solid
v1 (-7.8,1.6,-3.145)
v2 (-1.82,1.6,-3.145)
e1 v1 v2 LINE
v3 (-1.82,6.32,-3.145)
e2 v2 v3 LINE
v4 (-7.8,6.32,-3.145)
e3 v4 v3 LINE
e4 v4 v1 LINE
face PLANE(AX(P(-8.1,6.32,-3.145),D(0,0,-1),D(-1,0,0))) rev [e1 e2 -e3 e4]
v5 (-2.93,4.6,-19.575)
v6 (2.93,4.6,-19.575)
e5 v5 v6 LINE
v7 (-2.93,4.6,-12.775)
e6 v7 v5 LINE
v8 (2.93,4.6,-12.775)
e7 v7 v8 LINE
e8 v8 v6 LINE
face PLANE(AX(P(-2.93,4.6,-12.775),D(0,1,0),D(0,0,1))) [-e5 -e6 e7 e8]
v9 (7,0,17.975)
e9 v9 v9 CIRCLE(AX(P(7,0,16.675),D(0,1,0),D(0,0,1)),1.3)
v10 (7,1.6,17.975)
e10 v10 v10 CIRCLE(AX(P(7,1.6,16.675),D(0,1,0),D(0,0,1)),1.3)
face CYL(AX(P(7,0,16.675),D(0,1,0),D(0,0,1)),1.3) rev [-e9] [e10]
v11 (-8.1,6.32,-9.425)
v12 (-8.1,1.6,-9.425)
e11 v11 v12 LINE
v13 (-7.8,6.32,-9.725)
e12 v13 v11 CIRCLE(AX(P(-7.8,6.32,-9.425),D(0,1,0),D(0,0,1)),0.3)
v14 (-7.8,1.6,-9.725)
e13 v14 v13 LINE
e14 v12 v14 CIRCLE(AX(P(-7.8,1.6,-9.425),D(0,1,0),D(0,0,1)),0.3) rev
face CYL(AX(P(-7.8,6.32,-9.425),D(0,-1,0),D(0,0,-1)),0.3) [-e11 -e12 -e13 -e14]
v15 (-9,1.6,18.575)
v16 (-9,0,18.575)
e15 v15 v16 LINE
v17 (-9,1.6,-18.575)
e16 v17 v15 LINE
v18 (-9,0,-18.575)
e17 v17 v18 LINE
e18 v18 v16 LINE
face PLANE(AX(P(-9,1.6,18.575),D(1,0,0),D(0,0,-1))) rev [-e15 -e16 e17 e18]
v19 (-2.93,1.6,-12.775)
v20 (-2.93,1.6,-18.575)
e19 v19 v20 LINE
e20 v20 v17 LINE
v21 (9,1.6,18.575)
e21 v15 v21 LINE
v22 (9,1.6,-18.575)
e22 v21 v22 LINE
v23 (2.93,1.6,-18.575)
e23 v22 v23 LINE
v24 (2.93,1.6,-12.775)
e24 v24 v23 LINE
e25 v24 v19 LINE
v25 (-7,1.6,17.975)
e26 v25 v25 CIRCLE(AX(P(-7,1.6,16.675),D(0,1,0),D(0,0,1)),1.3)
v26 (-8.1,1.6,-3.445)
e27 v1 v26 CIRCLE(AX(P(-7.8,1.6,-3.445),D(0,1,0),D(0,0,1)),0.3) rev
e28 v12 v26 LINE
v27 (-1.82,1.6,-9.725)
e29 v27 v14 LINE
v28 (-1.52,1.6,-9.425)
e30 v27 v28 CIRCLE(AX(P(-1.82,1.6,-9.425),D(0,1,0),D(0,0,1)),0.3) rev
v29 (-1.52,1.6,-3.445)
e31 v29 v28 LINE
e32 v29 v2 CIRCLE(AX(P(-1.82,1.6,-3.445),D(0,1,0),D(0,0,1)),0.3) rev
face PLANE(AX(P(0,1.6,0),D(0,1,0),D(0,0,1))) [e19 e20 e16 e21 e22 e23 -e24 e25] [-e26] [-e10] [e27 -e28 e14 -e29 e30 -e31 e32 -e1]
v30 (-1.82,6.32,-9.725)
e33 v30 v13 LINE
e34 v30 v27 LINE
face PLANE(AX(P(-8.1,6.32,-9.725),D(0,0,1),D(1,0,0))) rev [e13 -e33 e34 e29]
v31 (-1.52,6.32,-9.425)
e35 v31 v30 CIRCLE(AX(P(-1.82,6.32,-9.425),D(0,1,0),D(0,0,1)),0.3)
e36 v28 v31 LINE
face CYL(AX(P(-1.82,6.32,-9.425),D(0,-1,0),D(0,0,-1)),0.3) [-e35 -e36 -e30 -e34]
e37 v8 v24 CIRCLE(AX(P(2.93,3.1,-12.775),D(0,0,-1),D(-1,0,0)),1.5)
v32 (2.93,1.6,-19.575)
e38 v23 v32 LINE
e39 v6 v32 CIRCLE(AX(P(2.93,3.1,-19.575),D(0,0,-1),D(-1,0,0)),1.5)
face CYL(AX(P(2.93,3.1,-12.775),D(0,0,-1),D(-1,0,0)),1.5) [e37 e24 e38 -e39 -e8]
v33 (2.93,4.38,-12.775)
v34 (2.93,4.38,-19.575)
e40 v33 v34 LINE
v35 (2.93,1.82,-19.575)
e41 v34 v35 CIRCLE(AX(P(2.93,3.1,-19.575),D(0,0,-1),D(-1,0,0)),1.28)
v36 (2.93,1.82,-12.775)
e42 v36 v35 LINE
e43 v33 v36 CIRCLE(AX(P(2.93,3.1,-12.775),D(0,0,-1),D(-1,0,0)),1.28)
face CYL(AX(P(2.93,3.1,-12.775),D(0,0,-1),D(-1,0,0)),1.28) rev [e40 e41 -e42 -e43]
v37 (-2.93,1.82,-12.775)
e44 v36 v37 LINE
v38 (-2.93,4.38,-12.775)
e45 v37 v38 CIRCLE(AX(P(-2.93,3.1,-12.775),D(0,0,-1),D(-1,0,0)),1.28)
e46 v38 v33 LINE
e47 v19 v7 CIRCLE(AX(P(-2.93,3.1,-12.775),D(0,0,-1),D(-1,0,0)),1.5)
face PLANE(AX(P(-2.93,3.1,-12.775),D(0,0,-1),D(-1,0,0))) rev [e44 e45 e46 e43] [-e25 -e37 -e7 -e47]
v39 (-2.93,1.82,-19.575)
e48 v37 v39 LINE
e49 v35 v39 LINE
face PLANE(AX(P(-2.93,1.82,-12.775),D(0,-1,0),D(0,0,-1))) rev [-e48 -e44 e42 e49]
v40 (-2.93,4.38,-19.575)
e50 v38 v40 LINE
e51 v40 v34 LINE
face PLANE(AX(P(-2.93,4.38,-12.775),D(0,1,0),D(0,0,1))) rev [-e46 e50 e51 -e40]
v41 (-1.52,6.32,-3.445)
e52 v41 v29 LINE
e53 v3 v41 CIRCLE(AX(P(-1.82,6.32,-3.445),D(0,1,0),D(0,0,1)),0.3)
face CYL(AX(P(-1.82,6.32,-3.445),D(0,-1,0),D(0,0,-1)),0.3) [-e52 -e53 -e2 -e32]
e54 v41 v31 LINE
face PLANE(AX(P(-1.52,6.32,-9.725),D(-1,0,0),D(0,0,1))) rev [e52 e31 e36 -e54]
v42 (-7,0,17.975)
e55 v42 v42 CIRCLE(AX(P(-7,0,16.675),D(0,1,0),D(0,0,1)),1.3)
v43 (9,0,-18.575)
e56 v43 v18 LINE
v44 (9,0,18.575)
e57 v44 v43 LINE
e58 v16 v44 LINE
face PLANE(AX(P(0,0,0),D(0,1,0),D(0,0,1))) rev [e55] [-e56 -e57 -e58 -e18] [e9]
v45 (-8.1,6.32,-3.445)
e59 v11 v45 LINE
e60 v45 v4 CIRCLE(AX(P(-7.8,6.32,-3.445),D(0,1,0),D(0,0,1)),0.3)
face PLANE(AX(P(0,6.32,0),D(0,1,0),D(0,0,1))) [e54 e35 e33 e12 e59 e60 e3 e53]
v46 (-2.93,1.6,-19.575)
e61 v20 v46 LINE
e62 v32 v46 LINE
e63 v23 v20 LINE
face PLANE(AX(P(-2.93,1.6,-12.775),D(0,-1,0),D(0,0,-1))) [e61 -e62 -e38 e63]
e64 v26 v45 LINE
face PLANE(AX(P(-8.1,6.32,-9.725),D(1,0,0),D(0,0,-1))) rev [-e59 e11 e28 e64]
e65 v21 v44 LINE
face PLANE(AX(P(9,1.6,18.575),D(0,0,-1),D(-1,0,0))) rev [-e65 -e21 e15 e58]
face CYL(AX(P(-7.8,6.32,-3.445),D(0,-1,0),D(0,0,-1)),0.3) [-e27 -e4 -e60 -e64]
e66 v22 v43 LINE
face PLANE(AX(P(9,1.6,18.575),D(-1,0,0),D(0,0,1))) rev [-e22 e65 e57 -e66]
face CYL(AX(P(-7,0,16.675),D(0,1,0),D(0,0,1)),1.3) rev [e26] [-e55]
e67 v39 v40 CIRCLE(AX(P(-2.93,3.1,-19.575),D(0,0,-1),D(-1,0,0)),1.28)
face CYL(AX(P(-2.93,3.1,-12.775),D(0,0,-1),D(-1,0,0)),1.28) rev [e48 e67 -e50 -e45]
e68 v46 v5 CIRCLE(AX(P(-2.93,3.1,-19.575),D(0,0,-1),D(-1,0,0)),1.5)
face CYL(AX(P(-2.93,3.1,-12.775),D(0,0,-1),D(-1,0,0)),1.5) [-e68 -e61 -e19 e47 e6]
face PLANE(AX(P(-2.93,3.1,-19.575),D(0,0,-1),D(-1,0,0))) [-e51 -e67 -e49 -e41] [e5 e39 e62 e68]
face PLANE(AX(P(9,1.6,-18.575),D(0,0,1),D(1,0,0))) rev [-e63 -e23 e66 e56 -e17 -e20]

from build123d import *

# Parameters (mm, degrees)
SKETCH1_W                = 18
SKETCH1_H                = 37.15
BOSS_EXTRUDE1_DEPTH      = 1.6
SKETCH2_R                = 1.3
CUT_EXTRUDE1_DEPTH       = 21.702430413
BOSS_EXTRUDE2_DEPTH      = 1
BOSS_EXTRUDE2_DEPTH_BACK = 5.8
SKETCH4_W                = 6.58
SKETCH4_H                = 6.58
BOSS_EXTRUDE3_DEPTH      = 4.72
FILLET1_R                = 0.3


with BuildPart() as part:
    # Sketch1 → Boss-Extrude1 (new body)
    with BuildSketch(Plane(origin=(0, 0, 0), x_dir=(1, 0, 0), z_dir=(0, 1, 0))):
        Rectangle(SKETCH1_W, SKETCH1_H)
    extrude(amount=BOSS_EXTRUDE1_DEPTH)

    # Sketch2 → Cut-Extrude1 (cut, through all)
    with BuildSketch(Plane(origin=(0, 1.6, 0), x_dir=(1, 0, 0), z_dir=(0, 1, 0))):
        with Locations(Location((-7, -16.675, 0), (0, 0, 270))):
            Circle(SKETCH2_R)
        with Locations(Location((7, -16.675, 0), (0, 0, 270))):
            Circle(SKETCH2_R)
    extrude(amount=-CUT_EXTRUDE1_DEPTH, mode=Mode.SUBTRACT)

    # Sketch3 → Boss-Extrude2 (add, two sides: drawn at the far end of the back side and taken through both)
    with BuildSketch(Plane(origin=(0, 0, -18.575), x_dir=(-1, 0, 0), z_dir=(0, 0, -1)).offset(-BOSS_EXTRUDE2_DEPTH_BACK)):
        with BuildLine():
            Line((2.93, 1.6), (-2.93, 1.6))
            ThreePointArc((-2.93, 1.6), (-4.43, 3.1), (-2.93, 4.6))
            Line((-2.93, 4.6), (2.93, 4.6))
            ThreePointArc((2.93, 4.6), (4.43, 3.1), (2.93, 1.6))
        make_face()
        with BuildLine():
            Line((2.93, 1.82), (-2.93, 1.82))
            ThreePointArc((-2.93, 1.82), (-4.21, 3.1), (-2.93, 4.38))
            Line((-2.93, 4.38), (2.93, 4.38))
            ThreePointArc((2.93, 4.38), (4.21, 3.1), (2.93, 1.82))
        make_face(mode=Mode.SUBTRACT)
    extrude(amount=BOSS_EXTRUDE2_DEPTH + BOSS_EXTRUDE2_DEPTH_BACK)

    # Sketch4 → Boss-Extrude3 (add)
    with BuildSketch(Plane(origin=(0, 1.6, 0), x_dir=(1, 0, 0), z_dir=(0, 1, 0))):
        with Locations((-4.81, 6.435)):
            Rectangle(SKETCH4_W, SKETCH4_H)
    extrude(amount=BOSS_EXTRUDE3_DEPTH)

    # Fillet1
    fillet1_edges = [part.edges().sort_by_distance(p)[0] for p in [
        (-1.52, 3.96, -3.145),
        (-1.52, 3.96, -9.725),
        (-8.1, 3.96, -9.725),
        (-8.1, 3.96, -3.145),
    ]]
    fillet(fillet1_edges, radius=FILLET1_R)


solid = part.part
